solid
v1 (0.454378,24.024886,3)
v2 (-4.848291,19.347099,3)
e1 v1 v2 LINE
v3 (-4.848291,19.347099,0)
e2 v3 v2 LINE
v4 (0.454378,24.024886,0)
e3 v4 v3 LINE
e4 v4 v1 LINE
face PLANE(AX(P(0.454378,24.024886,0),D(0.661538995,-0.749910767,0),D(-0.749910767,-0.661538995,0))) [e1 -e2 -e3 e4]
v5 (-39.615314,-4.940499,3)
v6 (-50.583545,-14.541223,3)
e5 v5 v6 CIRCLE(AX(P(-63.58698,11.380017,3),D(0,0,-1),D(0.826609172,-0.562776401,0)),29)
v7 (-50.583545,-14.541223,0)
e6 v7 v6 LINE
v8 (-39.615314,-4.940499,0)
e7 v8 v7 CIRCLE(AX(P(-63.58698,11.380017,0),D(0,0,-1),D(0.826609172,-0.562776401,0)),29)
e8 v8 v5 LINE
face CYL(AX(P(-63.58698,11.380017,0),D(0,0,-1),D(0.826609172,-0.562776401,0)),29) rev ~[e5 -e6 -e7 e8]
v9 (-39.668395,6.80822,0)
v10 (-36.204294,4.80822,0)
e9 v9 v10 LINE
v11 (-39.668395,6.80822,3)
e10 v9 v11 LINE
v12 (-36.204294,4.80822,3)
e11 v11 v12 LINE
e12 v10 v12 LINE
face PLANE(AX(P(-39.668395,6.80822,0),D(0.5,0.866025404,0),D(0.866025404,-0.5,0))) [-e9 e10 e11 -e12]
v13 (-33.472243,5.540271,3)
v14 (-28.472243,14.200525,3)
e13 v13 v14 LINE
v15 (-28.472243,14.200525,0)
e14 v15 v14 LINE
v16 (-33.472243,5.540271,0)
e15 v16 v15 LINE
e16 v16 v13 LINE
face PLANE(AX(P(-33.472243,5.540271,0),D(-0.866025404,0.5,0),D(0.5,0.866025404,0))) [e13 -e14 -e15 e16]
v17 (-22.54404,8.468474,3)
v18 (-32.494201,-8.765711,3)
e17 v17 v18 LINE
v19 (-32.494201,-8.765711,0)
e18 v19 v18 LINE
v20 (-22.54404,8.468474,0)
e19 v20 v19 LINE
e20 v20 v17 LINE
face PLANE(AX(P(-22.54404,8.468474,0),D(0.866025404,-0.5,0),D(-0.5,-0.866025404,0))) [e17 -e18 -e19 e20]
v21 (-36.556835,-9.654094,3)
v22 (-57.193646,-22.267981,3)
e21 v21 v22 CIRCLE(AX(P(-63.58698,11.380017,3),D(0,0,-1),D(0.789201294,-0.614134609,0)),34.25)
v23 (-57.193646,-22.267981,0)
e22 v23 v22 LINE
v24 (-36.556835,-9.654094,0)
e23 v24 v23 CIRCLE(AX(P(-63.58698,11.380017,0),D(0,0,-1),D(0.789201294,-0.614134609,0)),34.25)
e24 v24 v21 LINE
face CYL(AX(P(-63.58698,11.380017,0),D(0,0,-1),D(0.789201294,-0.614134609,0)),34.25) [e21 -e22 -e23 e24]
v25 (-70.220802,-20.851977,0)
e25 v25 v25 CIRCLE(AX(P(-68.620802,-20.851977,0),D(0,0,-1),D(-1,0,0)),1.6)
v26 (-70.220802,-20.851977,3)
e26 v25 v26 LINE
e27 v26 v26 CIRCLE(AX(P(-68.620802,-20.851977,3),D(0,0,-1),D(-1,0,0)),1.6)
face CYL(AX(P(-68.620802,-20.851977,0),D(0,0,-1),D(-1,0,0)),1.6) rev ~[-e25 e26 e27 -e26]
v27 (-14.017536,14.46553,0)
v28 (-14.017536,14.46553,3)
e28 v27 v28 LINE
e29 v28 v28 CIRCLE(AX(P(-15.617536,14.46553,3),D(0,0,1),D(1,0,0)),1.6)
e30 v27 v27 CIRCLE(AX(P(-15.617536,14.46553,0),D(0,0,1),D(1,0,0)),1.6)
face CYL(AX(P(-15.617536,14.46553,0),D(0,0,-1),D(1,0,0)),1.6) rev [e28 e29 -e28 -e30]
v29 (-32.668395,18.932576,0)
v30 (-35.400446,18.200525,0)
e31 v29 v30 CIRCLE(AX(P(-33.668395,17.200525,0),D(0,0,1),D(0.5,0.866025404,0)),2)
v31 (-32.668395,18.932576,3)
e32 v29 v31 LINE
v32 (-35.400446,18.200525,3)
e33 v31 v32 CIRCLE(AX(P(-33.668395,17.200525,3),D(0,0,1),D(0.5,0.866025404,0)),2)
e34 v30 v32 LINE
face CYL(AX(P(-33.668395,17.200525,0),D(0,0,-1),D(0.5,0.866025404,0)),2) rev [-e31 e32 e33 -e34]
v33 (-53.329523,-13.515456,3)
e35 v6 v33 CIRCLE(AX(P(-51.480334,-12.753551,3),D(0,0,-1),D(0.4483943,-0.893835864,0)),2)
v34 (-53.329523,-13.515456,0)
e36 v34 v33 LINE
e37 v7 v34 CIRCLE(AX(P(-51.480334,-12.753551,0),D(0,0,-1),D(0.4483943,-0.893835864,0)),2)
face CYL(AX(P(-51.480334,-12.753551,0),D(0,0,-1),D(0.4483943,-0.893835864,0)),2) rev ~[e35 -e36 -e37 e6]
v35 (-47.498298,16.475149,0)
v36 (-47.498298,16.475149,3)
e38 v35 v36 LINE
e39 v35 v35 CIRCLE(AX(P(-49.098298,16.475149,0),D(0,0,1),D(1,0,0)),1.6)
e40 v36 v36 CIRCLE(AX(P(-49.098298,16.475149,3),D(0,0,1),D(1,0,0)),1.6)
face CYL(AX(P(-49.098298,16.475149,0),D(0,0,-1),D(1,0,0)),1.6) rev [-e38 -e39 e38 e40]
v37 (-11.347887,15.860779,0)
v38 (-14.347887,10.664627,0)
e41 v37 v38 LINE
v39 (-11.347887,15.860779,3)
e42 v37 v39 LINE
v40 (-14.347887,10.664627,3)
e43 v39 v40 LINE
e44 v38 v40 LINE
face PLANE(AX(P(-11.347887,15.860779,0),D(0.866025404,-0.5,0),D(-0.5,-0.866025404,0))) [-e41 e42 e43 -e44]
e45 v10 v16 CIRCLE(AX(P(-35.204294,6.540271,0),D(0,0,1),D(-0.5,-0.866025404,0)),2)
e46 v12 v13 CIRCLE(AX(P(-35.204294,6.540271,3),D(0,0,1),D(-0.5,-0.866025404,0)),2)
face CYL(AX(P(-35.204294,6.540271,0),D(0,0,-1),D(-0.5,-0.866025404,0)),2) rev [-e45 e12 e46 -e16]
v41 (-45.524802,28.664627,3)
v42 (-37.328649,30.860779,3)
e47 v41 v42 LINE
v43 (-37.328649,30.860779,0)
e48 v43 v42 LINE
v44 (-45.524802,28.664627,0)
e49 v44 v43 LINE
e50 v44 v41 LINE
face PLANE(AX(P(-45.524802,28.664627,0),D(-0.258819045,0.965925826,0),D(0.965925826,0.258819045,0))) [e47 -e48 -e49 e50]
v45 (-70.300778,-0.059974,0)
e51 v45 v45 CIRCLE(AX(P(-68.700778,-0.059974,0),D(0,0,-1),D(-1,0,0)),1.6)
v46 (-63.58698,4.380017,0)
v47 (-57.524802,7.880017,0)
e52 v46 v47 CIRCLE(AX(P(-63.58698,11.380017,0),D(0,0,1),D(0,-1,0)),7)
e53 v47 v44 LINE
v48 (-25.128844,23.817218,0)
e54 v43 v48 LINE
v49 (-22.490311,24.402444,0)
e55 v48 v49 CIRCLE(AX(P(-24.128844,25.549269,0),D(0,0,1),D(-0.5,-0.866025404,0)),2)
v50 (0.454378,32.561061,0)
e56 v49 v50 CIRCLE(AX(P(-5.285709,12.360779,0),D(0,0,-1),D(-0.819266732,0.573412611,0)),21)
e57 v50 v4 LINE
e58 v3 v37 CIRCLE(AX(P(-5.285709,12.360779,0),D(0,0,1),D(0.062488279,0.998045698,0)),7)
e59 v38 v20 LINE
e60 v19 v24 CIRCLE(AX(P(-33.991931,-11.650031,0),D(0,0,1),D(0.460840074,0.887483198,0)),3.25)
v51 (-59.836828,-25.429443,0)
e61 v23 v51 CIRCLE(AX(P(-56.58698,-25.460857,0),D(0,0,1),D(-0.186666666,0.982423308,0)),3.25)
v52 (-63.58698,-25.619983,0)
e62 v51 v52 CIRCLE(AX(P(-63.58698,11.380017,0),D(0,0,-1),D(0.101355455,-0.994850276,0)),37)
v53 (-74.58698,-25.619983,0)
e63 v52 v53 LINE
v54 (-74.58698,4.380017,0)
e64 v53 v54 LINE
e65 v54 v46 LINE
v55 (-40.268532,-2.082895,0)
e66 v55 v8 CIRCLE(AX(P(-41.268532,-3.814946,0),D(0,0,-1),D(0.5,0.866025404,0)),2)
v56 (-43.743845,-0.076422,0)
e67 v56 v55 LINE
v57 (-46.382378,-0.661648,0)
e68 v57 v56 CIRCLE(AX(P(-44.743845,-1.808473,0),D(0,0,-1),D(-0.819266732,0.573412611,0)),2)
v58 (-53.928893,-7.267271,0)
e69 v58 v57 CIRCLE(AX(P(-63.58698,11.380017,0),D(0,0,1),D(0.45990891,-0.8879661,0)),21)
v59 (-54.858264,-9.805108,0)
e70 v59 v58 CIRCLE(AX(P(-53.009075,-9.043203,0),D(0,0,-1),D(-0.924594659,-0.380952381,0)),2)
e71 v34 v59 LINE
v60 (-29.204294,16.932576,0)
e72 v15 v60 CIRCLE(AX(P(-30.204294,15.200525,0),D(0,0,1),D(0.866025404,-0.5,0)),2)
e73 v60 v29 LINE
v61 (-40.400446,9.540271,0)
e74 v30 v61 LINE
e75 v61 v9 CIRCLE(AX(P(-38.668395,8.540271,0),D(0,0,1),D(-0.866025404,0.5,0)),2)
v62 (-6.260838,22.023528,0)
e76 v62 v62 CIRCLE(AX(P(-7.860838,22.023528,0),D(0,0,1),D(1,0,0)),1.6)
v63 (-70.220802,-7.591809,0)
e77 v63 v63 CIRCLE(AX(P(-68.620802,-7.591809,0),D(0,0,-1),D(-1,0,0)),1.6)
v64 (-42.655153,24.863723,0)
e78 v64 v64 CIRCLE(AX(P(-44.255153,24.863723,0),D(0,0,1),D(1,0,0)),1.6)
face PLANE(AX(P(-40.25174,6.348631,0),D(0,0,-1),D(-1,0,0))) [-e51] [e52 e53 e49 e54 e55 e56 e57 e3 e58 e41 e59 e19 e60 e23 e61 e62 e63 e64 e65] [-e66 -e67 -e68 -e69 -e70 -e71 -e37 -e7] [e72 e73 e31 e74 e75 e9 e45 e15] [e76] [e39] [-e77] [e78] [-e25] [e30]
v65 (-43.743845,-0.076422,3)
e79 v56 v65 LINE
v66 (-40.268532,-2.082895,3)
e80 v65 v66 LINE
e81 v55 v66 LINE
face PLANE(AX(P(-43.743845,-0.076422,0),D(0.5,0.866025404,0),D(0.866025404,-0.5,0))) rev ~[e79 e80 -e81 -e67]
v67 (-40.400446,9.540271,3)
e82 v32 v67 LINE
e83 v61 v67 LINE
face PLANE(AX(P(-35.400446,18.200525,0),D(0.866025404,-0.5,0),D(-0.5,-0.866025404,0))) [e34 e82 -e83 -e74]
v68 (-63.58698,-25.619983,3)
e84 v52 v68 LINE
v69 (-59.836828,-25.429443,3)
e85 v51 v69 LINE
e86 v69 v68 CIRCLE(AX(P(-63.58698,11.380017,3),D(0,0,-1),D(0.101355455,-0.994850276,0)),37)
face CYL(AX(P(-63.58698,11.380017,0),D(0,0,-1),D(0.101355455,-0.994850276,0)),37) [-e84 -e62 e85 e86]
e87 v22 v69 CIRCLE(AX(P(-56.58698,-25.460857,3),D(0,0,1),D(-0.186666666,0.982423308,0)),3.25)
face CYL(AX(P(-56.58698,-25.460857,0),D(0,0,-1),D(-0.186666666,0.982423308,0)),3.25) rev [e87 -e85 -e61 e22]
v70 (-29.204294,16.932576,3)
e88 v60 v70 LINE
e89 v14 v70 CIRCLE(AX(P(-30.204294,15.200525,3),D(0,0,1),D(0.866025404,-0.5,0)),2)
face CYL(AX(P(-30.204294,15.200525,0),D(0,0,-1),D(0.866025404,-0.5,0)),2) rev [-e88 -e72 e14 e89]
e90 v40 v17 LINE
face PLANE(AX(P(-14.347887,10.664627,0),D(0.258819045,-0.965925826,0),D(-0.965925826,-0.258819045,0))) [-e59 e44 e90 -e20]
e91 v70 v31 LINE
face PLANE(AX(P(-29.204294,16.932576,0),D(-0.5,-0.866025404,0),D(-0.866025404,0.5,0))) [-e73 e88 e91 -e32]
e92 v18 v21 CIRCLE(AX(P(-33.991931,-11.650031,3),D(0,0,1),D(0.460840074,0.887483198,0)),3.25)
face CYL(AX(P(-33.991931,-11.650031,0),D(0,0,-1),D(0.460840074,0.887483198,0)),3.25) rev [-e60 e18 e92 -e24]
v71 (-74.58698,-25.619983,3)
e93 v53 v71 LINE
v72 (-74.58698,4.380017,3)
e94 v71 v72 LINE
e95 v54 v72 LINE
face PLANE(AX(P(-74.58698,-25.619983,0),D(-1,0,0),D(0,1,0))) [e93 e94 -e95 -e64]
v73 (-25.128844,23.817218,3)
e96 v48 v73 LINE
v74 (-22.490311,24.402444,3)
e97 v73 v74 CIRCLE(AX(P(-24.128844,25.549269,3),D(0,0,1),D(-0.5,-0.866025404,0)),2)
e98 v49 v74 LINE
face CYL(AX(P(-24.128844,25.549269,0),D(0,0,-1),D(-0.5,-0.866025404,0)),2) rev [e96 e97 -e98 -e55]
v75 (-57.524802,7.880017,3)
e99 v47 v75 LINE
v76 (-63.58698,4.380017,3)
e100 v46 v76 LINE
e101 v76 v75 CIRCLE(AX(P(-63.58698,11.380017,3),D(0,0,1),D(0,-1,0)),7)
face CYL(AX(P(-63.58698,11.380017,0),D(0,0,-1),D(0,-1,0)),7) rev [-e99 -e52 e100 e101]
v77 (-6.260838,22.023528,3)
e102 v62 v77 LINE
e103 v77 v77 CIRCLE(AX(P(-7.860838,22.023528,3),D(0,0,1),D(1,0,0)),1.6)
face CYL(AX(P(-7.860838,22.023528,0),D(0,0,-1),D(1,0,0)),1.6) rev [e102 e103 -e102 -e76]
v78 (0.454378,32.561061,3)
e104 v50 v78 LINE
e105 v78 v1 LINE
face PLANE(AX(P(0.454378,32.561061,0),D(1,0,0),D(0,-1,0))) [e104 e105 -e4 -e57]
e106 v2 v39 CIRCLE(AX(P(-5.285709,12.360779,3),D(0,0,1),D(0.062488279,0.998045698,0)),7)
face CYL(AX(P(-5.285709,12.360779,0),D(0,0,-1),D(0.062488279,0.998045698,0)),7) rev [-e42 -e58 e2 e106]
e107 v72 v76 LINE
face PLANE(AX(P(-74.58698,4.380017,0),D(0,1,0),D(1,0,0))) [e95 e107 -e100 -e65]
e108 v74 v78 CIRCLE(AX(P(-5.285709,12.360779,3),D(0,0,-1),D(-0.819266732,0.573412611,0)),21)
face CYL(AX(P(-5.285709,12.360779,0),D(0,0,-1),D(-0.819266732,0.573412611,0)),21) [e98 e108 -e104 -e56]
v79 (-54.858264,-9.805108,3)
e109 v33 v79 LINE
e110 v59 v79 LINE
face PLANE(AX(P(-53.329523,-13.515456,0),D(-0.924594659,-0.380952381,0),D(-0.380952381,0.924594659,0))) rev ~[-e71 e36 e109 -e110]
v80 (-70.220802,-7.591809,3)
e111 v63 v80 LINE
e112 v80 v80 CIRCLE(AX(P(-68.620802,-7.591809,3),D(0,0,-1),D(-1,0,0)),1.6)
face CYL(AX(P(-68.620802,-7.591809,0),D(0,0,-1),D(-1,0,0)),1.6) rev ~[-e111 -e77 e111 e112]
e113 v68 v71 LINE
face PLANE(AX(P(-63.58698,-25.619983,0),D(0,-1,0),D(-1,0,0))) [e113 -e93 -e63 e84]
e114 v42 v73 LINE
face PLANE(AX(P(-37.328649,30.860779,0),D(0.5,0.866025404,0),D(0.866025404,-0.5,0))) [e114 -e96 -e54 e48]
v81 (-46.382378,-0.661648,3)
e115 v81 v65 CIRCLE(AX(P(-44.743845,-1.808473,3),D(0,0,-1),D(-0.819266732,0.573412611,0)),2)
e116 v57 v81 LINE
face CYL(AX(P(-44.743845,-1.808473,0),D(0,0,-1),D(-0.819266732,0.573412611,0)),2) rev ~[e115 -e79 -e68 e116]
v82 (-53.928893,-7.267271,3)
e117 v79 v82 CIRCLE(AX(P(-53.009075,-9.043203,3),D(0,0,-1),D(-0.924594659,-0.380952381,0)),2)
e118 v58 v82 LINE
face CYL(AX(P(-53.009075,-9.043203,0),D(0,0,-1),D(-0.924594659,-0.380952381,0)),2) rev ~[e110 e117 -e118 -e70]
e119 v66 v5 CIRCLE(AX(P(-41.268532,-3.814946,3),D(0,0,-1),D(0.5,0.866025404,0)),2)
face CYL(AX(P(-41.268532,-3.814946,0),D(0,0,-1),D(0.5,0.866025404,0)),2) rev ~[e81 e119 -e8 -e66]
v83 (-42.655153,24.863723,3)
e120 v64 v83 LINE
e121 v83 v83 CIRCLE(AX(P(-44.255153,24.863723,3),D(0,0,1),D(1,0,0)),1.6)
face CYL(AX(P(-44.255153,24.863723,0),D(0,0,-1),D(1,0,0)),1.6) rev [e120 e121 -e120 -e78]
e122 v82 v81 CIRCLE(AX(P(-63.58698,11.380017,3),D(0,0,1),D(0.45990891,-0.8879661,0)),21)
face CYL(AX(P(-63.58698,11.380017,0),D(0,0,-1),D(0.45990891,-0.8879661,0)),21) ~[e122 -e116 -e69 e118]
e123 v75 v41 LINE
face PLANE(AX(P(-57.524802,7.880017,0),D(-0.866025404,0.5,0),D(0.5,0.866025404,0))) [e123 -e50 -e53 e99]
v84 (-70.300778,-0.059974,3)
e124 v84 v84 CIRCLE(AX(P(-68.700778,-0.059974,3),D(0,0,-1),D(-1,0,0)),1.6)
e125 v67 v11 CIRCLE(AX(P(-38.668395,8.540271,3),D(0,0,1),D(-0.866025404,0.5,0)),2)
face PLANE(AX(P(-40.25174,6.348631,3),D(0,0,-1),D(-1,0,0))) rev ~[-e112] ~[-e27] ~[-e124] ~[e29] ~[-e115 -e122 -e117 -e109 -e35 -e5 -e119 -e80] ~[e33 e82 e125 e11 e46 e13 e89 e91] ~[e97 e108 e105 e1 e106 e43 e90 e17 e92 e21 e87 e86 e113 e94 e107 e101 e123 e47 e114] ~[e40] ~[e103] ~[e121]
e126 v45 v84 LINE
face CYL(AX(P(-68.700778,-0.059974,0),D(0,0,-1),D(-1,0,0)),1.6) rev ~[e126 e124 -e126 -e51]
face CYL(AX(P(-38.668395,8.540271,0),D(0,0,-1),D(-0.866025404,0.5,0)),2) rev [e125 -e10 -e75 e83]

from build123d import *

# Parameters (mm, degrees)
SKETCH1_R          = 1.6
EXTRUDE1_DEPTH     = 3
SKETCH2_R          = 1.6
CUT_EXTRUDE1_DEPTH = 10


with BuildPart() as part:
    # Sketch1 → Extrude1 (new body)
    with BuildSketch(Plane.XY):
        with BuildLine():
            Line((-45.524801784, 28.664626531), (-37.328649362, 30.860778953))
            Line((-37.328649362, 30.860778953), (-25.128844255, 23.817218191))
            ThreePointArc((-25.128844255, 23.817218191), (-23.695769789, 23.596720278), (-22.490310791, 24.402443777))
            ThreePointArc((-22.490310791, 24.402443777), (-12.321299382, 32.147149867), (0.454378412, 32.561060923))
            Line((0.454378412, 32.561060923), (0.454378412, 24.024885934))
            Line((0.454378412, 24.024885934), (-4.848291471, 19.347098838))
            ThreePointArc((-4.848291471, 19.347098838), (-8.594498853, 18.529402179), (-11.347887248, 15.860778953))
            Line((-11.347887248, 15.860778953), (-14.347887248, 10.664626531))
            Line((-14.347887248, 10.664626531), (-22.544039671, 8.468474108))
            Line((-22.544039671, 8.468474108), (-32.494200847, -8.765710592))
            ThreePointArc((-32.494200847, -8.765710592), (-34.686208494, -8.475053996), (-36.556835292, -9.654093507))
            ThreePointArc((-36.556835292, -9.654093507), (-45.724735719, -17.843308487), (-57.193646277, -22.26798145))
            ThreePointArc((-57.193646277, -22.26798145), (-59.080348228, -23.376243821), (-59.836827788, -25.429443375))
            ThreePointArc((-59.836827788, -25.429443375), (-61.709484996, -25.572317511), (-63.586979611, -25.61998316))
            Line((-63.586979611, -25.61998316), (-74.586979611, -25.61998316))
            Line((-74.586979611, -25.61998316), (-74.586979611, 4.38001684))
            Line((-74.586979611, 4.38001684), (-63.586979611, 4.38001684))
            ThreePointArc((-63.586979611, 4.38001684), (-60.086979611, 5.317839013), (-57.524801784, 7.88001684))
            Line((-57.524801784, 7.88001684), (-45.524801784, 28.664626531))
        make_face()
        with Locations((-7.860838428, 22.023527558)):
            Circle(SKETCH1_R, mode=Mode.SUBTRACT)
        with Locations((-15.617536335, 14.465529805)):
            Circle(SKETCH1_R, mode=Mode.SUBTRACT)
        with Locations((-44.255152698, 24.863723257)):
            Circle(SKETCH1_R, mode=Mode.SUBTRACT)
        with Locations((-49.098298448, 16.475148748)):
            Circle(SKETCH1_R, mode=Mode.SUBTRACT)
        with BuildLine():
            Line((-43.743844778, -0.076422397), (-40.268531978, -2.082895178))
            ThreePointArc((-40.268531978, -2.082895178), (-39.318822643, -3.369262792), (-39.615313635, -4.940498787))
            ThreePointArc((-39.615313635, -4.940498787), (-44.486377663, -10.44123439), (-50.583544918, -14.541223219))
            ThreePointArc((-50.583544918, -14.541223219), (-52.180202255, -14.627099929), (-53.329522835, -13.515456253))
            Line((-53.329522835, -13.515456253), (-54.858264001, -9.80510822))
            ThreePointArc((-54.858264001, -9.80510822), (-54.887106697, -8.355456589), (-53.928892503, -7.267271258))
            ThreePointArc((-53.928892503, -7.267271258), (-49.755509235, -4.421578878), (-46.382378242, -0.661647984))
            ThreePointArc((-46.382378242, -0.661647984), (-45.176919243, 0.144075516), (-43.743844778, -0.076422397))
        make_face(mode=Mode.SUBTRACT)
        with BuildLine():
            Line((-33.472242901, 5.540270878), (-28.472242901, 14.200524916))
            ThreePointArc((-28.472242901, 14.200524916), (-28.272442056, 15.718163006), (-29.204293709, 16.932575723))
            Line((-29.204293709, 16.932575723), (-32.668395324, 18.932575723))
            ThreePointArc((-32.668395324, 18.932575723), (-34.186033414, 19.132376568), (-35.400446131, 18.200524916))
            Line((-35.400446131, 18.200524916), (-40.400446131, 9.540270878))
            ThreePointArc((-40.400446131, 9.540270878), (-40.600246976, 8.022632788), (-39.668395324, 6.80822007))
            Line((-39.668395324, 6.80822007), (-36.204293709, 4.80822007))
            ThreePointArc((-36.204293709, 4.80822007), (-34.686655618, 4.608419225), (-33.472242901, 5.540270878))
        make_face(mode=Mode.SUBTRACT)
    extrude(amount=EXTRUDE1_DEPTH)

    # Sketch2 → Cut-Extrude1 (cut)
    with BuildSketch(Plane(origin=(0, 0, 0), x_dir=(-1, 0, 0), z_dir=(0, 0, -1))):
        with Locations((68.700777825, -0.059973733)):
            Circle(SKETCH2_R)
        with Locations((68.620801918, -7.591809129)):
            Circle(SKETCH2_R)
        with Locations((68.620801918, -20.85197665)):
            Circle(SKETCH2_R)
    extrude(amount=-CUT_EXTRUDE1_DEPTH, mode=Mode.SUBTRACT)


solid = part.part
